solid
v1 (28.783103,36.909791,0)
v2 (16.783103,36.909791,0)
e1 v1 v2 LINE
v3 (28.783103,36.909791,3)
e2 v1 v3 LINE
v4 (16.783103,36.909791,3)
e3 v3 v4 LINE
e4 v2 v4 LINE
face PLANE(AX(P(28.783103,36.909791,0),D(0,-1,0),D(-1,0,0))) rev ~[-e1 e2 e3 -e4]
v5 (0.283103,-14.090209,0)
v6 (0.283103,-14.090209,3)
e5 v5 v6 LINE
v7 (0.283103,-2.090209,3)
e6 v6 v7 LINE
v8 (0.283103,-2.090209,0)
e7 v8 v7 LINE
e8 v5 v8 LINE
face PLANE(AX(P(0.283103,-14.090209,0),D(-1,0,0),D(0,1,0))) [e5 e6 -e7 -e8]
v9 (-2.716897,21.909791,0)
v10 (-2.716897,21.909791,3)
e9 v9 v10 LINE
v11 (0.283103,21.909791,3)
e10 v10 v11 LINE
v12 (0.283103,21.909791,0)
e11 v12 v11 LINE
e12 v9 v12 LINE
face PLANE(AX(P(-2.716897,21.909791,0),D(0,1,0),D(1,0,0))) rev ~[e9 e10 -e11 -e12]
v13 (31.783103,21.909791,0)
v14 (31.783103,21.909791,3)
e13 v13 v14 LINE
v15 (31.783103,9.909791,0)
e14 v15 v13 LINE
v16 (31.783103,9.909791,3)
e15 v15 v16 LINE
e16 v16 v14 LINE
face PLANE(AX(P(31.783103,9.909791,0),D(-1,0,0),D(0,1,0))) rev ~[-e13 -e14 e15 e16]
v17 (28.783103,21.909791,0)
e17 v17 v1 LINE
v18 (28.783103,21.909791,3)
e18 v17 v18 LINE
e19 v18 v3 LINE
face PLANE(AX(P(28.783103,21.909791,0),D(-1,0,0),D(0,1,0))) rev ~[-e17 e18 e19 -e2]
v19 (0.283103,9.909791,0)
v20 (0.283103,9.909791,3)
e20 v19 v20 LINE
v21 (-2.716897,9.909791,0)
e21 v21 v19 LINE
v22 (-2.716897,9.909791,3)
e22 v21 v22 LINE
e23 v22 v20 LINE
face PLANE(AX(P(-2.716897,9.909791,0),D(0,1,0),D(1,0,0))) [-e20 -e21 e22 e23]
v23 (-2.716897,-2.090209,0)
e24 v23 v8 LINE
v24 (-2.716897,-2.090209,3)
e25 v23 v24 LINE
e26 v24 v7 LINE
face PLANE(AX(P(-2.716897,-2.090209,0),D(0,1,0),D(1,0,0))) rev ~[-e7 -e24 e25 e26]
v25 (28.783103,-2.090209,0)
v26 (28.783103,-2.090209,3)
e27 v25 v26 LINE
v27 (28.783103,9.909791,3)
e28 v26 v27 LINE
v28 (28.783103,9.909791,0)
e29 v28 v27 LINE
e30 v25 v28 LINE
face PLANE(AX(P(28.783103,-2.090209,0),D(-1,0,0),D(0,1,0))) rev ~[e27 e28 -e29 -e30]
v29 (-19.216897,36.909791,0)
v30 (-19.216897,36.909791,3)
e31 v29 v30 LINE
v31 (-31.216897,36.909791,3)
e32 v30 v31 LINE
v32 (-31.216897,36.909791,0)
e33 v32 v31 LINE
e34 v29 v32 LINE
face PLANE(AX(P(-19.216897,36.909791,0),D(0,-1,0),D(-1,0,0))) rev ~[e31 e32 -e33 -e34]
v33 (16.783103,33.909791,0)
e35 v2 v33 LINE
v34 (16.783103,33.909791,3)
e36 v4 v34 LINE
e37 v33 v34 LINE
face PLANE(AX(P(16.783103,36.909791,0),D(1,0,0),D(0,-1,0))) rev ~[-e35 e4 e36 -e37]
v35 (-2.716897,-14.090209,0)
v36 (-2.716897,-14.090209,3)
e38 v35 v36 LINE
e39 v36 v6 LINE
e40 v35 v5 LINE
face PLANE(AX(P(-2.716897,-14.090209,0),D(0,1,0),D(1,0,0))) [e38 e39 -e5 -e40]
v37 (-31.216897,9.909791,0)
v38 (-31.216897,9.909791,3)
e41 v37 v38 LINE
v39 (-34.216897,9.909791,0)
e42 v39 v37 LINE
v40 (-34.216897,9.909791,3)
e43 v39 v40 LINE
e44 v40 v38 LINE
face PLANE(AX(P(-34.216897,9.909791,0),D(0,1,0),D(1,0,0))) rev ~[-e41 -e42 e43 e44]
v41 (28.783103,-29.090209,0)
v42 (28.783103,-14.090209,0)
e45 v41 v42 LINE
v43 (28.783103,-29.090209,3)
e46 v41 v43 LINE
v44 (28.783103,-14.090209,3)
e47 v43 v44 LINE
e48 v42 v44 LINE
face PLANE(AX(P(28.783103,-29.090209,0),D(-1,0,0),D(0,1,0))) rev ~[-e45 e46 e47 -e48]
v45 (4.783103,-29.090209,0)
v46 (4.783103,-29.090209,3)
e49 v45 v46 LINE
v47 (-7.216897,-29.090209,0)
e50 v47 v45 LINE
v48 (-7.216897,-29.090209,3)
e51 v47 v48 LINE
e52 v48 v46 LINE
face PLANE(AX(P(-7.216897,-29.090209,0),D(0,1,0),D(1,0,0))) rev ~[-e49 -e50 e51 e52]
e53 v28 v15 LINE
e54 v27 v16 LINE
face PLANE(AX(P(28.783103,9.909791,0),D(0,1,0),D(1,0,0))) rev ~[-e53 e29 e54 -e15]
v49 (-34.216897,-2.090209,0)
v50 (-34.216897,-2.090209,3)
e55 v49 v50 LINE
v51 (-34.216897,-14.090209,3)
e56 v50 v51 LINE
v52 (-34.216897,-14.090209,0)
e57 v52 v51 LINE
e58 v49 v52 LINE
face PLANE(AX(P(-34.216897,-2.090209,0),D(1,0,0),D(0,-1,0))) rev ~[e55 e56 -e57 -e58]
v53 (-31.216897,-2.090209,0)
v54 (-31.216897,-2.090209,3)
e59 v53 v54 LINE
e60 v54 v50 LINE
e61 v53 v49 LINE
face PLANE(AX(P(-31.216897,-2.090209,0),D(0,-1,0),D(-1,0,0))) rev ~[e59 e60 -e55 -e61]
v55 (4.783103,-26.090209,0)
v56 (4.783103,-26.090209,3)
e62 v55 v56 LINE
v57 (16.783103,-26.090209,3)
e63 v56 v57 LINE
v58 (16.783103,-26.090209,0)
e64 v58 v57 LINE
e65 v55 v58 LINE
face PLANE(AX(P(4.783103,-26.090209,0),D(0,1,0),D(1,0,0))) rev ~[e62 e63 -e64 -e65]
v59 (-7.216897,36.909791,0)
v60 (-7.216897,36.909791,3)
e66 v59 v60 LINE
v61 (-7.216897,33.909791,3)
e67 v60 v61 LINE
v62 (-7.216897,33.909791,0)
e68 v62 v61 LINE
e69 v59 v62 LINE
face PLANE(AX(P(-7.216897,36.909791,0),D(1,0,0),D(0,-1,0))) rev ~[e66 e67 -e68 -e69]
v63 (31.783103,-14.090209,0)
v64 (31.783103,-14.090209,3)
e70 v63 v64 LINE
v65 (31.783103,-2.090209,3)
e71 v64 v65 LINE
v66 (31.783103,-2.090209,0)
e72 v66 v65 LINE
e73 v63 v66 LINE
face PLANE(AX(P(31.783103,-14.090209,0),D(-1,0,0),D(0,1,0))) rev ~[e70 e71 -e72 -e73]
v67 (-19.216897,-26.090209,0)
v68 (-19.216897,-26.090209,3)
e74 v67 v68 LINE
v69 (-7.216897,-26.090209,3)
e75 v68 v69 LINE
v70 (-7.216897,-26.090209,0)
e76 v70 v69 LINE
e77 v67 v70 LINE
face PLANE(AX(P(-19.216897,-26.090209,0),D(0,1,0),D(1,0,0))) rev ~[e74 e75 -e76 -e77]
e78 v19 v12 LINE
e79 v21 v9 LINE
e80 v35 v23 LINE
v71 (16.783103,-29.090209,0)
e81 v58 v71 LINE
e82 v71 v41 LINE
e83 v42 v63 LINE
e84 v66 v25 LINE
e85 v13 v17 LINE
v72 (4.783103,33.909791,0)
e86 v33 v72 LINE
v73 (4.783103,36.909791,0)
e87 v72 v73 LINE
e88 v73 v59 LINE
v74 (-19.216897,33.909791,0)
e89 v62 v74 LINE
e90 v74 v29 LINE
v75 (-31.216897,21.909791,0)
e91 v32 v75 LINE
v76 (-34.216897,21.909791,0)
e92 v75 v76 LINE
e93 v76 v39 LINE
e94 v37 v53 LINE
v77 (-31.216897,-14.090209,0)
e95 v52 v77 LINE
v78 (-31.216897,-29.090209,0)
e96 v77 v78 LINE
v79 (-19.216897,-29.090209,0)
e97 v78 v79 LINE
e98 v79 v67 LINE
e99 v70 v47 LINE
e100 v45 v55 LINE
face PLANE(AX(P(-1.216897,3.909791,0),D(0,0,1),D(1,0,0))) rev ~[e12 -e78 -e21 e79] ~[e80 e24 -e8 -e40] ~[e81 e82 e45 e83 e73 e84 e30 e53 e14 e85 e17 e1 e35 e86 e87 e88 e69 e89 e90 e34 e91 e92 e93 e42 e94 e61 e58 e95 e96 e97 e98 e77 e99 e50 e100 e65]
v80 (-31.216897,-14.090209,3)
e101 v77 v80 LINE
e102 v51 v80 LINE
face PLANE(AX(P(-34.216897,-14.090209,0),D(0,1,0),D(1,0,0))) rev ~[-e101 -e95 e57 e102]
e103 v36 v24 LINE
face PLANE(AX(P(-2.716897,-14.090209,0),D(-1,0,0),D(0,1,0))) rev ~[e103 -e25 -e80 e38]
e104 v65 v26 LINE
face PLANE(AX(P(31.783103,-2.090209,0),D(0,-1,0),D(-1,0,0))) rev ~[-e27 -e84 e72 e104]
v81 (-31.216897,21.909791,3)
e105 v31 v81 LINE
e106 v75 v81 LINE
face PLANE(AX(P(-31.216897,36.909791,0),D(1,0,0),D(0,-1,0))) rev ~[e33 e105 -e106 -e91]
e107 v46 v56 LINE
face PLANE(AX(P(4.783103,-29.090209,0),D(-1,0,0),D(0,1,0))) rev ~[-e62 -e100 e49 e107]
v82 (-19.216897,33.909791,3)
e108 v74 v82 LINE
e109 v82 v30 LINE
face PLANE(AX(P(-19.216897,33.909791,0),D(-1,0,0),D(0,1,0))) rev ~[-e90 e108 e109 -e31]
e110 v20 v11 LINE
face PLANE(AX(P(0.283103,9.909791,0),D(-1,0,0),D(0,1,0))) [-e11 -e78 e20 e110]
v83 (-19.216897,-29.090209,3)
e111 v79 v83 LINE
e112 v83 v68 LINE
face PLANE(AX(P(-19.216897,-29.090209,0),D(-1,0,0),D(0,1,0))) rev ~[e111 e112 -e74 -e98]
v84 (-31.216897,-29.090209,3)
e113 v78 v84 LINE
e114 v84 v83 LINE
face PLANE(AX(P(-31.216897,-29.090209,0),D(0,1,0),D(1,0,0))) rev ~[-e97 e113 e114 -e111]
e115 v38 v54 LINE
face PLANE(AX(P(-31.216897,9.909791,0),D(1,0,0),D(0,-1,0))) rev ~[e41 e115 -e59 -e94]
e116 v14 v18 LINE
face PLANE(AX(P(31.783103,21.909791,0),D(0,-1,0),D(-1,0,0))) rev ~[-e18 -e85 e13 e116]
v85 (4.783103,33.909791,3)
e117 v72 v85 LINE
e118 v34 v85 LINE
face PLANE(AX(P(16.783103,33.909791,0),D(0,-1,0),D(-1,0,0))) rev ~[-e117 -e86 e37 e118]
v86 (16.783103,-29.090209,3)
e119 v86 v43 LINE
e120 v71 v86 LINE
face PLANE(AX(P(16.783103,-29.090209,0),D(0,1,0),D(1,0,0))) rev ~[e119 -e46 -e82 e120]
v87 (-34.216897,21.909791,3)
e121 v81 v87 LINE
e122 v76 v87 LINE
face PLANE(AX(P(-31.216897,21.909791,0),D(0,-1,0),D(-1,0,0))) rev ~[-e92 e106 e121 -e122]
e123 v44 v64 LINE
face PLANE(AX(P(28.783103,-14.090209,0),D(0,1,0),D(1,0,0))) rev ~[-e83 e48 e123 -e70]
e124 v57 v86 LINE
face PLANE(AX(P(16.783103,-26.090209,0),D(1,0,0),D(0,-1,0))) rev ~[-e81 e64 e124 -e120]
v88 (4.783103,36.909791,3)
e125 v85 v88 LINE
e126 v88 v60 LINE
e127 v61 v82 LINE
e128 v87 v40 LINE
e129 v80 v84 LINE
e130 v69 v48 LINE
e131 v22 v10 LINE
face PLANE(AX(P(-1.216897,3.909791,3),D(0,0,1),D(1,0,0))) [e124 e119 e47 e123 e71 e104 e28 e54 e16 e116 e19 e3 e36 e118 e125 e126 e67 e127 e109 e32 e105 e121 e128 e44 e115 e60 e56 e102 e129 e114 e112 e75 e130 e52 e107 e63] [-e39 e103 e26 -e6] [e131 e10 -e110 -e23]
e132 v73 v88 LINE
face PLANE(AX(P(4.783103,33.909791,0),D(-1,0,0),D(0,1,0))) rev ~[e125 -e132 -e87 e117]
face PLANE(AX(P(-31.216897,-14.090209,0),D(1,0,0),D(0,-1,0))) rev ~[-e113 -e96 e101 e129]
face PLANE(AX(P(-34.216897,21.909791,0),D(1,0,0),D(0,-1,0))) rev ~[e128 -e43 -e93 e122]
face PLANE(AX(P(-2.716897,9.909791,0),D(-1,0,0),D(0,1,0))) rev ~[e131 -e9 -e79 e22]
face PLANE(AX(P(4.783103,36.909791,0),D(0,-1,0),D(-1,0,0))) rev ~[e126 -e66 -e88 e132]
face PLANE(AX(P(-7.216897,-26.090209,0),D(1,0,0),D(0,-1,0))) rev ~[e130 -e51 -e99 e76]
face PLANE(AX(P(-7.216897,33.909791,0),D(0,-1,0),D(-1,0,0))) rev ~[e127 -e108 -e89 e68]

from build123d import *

# Parameters (mm, degrees)
ESBO_O1_W                = 3
ESBO_O1_H                = 12
RESSALTO_EXTRUS_O1_DEPTH = 3


with BuildPart() as part:
    # Esboço1 → Ressalto-extrusão1 (new body)
    with BuildSketch(Plane.XY):
        Polygon((-31.216896784, 9.909791424), (-31.216896784, -2.090208576), (-34.216896784, -2.090208576), (-34.216896784, -14.090208576), (-31.216896784, -14.090208576), (-31.216896784, -26.090208576), (-31.216896784, -29.090208576), (-19.216896784, -29.090208576), (-19.216896784, -26.090208576), (-7.216896784, -26.090208576), (-7.216896784, -29.090208576), (4.783103216, -29.090208576), (4.783103216, -26.090208576), (16.783103216, -26.090208576), (16.783103216, -29.090208576), (28.783103216, -29.090208576), (28.783103216, -26.090208576), (28.783103216, -14.090208576), (31.783103216, -14.090208576), (31.783103216, -2.090208576), (28.783103216, -2.090208576), (28.783103216, 9.909791424), (31.783103216, 9.909791424), (31.783103216, 21.909791424), (28.783103216, 21.909791424), (28.783103216, 33.909791424), (28.783103216, 36.909791424), (16.783103216, 36.909791424), (16.783103216, 33.909791424), (4.783103216, 33.909791424), (4.783103216, 36.909791424), (-7.216896784, 36.909791424), (-7.216896784, 33.909791424), (-19.216896784, 33.909791424), (-19.216896784, 36.909791424), (-31.216896784, 36.909791424), (-31.216896784, 33.909791424), (-31.216896784, 21.909791424), (-34.216896784, 21.909791424), (-34.216896784, 9.909791424), align=None)
        with Locations((-1.216896784, -8.090208576)):
            Rectangle(ESBO_O1_W, ESBO_O1_H, mode=Mode.SUBTRACT)
        with Locations((-1.216896784, 15.909791424)):
            Rectangle(ESBO_O1_W, ESBO_O1_H, mode=Mode.SUBTRACT)
    extrude(amount=RESSALTO_EXTRUS_O1_DEPTH)


solid = part.part
